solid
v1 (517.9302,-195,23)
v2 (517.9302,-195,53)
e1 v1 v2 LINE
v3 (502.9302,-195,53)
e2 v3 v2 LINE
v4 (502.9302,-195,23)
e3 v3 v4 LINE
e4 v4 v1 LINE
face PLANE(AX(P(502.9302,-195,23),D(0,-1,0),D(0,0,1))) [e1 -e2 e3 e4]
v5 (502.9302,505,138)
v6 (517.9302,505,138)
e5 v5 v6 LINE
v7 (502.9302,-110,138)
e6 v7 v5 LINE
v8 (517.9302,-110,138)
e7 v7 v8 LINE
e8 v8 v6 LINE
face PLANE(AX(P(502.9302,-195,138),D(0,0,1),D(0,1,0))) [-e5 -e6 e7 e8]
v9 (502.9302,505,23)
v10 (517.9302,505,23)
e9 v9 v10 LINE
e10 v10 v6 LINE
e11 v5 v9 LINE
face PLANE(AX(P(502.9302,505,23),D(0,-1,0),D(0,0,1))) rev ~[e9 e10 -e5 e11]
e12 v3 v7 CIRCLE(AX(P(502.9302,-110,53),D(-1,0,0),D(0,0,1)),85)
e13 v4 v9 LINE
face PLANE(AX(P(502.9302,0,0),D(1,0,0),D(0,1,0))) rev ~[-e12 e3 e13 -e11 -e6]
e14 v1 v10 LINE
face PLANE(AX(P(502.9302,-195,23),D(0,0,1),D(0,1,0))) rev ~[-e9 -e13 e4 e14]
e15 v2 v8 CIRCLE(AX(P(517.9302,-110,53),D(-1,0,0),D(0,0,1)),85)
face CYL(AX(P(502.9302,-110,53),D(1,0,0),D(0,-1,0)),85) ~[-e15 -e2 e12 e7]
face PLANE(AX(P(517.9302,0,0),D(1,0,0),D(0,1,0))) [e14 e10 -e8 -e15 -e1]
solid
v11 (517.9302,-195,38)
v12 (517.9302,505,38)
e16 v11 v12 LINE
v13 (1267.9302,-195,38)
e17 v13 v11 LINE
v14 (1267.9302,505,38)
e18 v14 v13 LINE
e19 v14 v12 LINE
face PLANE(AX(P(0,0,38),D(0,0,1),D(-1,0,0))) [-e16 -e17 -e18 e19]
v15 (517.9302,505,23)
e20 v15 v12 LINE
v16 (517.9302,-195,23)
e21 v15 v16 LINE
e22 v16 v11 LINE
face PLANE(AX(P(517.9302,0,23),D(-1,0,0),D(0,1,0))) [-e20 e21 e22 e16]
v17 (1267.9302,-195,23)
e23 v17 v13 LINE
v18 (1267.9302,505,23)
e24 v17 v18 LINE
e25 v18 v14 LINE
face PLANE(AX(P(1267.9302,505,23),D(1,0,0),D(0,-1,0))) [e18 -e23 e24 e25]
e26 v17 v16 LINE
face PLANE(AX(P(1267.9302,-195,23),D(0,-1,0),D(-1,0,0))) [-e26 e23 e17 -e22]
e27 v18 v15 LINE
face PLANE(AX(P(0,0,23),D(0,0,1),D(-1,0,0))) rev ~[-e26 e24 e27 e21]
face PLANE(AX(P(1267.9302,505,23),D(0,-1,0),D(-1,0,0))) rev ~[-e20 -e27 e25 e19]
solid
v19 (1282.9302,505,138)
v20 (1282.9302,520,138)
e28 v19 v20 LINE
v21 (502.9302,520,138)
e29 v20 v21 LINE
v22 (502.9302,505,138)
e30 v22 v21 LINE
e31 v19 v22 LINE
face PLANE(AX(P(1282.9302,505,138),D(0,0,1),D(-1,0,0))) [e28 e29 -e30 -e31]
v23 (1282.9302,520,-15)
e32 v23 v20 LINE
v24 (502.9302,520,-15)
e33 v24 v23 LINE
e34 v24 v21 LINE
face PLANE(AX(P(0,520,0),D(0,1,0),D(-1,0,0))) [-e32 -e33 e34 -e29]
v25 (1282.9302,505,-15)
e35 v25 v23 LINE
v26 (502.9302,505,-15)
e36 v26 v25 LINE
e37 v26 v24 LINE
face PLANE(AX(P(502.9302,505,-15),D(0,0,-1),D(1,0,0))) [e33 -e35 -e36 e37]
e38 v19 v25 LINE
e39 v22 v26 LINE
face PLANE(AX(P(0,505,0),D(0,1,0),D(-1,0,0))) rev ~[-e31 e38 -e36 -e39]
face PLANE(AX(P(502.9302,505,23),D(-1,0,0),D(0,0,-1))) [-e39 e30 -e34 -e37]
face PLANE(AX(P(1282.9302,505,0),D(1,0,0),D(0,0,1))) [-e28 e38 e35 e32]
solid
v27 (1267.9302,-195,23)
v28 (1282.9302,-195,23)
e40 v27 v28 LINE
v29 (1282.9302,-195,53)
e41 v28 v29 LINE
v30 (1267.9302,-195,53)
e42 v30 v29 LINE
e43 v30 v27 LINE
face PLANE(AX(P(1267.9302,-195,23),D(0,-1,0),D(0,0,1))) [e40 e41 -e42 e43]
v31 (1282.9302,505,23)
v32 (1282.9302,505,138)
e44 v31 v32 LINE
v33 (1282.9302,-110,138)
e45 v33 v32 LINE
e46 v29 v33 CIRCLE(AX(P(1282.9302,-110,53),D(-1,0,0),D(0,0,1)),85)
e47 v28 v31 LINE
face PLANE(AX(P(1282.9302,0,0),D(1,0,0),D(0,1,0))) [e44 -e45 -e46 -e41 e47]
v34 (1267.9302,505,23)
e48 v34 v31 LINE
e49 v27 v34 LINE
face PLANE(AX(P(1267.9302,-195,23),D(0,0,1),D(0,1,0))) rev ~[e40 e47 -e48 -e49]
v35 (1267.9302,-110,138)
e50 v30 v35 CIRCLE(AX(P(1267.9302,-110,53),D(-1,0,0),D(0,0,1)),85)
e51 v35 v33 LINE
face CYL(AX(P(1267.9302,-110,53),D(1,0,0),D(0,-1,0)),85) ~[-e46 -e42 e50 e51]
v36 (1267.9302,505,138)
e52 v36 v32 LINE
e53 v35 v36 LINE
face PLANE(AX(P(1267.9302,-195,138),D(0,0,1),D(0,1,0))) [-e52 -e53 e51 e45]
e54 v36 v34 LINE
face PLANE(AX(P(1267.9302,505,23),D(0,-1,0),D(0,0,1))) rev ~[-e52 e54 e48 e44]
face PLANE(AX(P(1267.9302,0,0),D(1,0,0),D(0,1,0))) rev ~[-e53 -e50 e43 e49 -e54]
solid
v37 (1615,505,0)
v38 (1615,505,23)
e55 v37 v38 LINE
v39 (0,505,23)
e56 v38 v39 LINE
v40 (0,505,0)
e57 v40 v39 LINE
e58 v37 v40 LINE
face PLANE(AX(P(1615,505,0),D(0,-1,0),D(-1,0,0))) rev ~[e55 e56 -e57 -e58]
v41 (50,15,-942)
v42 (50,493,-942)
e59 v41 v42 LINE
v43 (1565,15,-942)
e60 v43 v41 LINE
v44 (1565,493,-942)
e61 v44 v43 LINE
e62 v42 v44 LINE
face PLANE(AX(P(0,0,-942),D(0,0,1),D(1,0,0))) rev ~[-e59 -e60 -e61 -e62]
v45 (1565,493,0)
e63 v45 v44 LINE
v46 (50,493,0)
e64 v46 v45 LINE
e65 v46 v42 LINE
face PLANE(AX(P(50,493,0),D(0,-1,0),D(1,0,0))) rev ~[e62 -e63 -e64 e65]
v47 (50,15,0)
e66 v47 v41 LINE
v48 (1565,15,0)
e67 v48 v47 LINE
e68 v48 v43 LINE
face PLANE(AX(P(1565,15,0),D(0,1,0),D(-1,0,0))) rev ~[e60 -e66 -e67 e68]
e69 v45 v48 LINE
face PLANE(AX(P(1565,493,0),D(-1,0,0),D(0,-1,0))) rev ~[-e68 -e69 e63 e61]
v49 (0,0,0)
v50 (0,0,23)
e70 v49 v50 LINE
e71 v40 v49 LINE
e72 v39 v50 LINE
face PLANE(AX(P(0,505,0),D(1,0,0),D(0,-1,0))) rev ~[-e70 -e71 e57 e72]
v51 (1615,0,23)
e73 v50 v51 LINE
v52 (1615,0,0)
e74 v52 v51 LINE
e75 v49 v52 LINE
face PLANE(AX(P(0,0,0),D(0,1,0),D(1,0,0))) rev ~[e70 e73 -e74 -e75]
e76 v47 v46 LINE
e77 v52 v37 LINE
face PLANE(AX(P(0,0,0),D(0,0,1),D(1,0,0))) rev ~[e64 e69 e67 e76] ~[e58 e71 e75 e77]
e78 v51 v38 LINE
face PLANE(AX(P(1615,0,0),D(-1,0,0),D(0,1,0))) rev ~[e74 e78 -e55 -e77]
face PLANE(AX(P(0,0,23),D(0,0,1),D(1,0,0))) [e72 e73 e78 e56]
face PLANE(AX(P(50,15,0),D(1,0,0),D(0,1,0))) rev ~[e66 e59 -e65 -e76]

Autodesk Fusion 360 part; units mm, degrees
sketch "Sketch1" plane through (0, 0, 0) normal (0, 0, 1) x (1, 0, 0)
  line L0 (0, 0) -> (1615, 0)
  line L1 (1615, 0) -> (1615, 505)
  line L2 (1615, 505) -> (0, 505)
  line L3 (0, 505) -> (0, 0)
  line L4 (50, 493) -> (1565, 493)
  line L5 (1565, 493) -> (1565, 15)
  line L6 (1565, 15) -> (50, 15)
  line L7 (50, 15) -> (50, 493)
  dimension "d1" = 505
  dimension "d2" = 1615
  dimension "d3" = 12
  dimension "d4" = 50
  dimension "d5" = 50
  dimension "d6" = 15
extrude "Extrude1" add sketch "Sketch1" along normal blind 23 contours L0 L1 L2 L3 | L4 L5 L6 L7 makes body 1
extrude "Extrude2" add sketch "Sketch1" against normal blind 942 contours L4 L5 L6 L7 bodies 1
sketch "Sketch2" plane through (0, 0, 23) normal (0, 0, 1) x (-1, 0, 0)
  line L0 (0, -505) -> (0, 0)
  line L1 (0, 0) -> (-1615, 0)
  line L2 (-1615, 0) -> (-1615, -505)
  line L3 (-1615, -505) -> (0, -505)
  line L4 (-517.9302, -505) -> (-1267.9302, -505)
  line L5 (-1267.9302, -505) -> (-1267.9302, 195)
  line L6 (-1267.9302, 195) -> (-517.9302, 195)
  line L7 (-517.9302, 195) -> (-517.9302, -505)
  line L8 (-1615, -505) -> (0, -505)
  dimension "d11" = 750
  dimension "d12" = 700
extrude "Extrude3" add sketch "Sketch2" along normal blind 15 separate body contours L1 L3 L4 L5 L7 L8 | L1 L5 L6 L7 makes body 2
sketch "Sketch3" plane through (1267.9302, 0, 0) normal (1, 0, 0) x (0, 1, 0)
  line L0 (-195, 23) -> (505, 23)
  line L1 (505, 23) -> (505, 38)
  line L2 (505, 38) -> (-195, 38)
  line L3 (505, 23) -> (-195, 23)
  line L4 (-195, 23) -> (-195, 138)
  line L5 (-195, 138) -> (505, 138)
  line L6 (505, 138) -> (505, 23)
  line L7 (-195, 38) -> (-195, 23)
  dimension "d21" = 700
  dimension "d22" = 115
extrude "Extrude5" add sketch "Sketch3" along normal blind 15 separate body makes body 3
extrude "Extrude6" add sketch "Sketch3" along normal blind 15 from surface at -765 separate body makes body 4
sketch "Sketch6" plane through (0, 505, 0) normal (0, 1, 0) x (-1, 0, 0)
  line L0 (-1615, 0) -> (0, 0)
  line L1 (0, 0) -> (0, 23)
  line L2 (0, 23) -> (-1615, 23)
  line L3 (-1615, 23) -> (-1615, 0)
  line L4 (-1282.9302, 138) -> (-502.9302, 138)
  line L5 (-502.9302, 138) -> (-502.9302, -15)
  line L6 (-502.9302, -15) -> (-1282.9302, -15)
  line L7 (-1282.9302, -15) -> (-1282.9302, 138)
  point P0 (-1282.9302, 138)
  point P1 (-502.9302, 138)
  dimension "d29" = 15
extrude "Extrude7" add sketch "Sketch6" along normal blind 15 separate body contours L0 L2 L5 L7 | L0 L5 L6 L7 | L2 L4 L5 L7 makes body 5
fillet "Fillet1" radius 85 2 edges at (1275.4302, -195, 138) (510.4302, -195, 138) on bodies 3 4
equation "d11 = base_width"
equation "d12 = base_height"
equation "base_width = 750 mm"
equation "base_height = 700 mm"
equation "material_thickness = 15 mm"
equation "d17 = material_thickness"
equation "d21 = base_height"
equation "d22 = base_sidewalls + material_thickness"
equation "base_sidewalls = 100 mm"
equation "d24 = material_thickness"
equation "d26 = -( base_width + material_thickness )"
equation "d27 = material_thickness"
equation "d29 = material_thickness"
equation "d30 = material_thickness"
equation "d33 = base_sidewalls - material_thickness"
